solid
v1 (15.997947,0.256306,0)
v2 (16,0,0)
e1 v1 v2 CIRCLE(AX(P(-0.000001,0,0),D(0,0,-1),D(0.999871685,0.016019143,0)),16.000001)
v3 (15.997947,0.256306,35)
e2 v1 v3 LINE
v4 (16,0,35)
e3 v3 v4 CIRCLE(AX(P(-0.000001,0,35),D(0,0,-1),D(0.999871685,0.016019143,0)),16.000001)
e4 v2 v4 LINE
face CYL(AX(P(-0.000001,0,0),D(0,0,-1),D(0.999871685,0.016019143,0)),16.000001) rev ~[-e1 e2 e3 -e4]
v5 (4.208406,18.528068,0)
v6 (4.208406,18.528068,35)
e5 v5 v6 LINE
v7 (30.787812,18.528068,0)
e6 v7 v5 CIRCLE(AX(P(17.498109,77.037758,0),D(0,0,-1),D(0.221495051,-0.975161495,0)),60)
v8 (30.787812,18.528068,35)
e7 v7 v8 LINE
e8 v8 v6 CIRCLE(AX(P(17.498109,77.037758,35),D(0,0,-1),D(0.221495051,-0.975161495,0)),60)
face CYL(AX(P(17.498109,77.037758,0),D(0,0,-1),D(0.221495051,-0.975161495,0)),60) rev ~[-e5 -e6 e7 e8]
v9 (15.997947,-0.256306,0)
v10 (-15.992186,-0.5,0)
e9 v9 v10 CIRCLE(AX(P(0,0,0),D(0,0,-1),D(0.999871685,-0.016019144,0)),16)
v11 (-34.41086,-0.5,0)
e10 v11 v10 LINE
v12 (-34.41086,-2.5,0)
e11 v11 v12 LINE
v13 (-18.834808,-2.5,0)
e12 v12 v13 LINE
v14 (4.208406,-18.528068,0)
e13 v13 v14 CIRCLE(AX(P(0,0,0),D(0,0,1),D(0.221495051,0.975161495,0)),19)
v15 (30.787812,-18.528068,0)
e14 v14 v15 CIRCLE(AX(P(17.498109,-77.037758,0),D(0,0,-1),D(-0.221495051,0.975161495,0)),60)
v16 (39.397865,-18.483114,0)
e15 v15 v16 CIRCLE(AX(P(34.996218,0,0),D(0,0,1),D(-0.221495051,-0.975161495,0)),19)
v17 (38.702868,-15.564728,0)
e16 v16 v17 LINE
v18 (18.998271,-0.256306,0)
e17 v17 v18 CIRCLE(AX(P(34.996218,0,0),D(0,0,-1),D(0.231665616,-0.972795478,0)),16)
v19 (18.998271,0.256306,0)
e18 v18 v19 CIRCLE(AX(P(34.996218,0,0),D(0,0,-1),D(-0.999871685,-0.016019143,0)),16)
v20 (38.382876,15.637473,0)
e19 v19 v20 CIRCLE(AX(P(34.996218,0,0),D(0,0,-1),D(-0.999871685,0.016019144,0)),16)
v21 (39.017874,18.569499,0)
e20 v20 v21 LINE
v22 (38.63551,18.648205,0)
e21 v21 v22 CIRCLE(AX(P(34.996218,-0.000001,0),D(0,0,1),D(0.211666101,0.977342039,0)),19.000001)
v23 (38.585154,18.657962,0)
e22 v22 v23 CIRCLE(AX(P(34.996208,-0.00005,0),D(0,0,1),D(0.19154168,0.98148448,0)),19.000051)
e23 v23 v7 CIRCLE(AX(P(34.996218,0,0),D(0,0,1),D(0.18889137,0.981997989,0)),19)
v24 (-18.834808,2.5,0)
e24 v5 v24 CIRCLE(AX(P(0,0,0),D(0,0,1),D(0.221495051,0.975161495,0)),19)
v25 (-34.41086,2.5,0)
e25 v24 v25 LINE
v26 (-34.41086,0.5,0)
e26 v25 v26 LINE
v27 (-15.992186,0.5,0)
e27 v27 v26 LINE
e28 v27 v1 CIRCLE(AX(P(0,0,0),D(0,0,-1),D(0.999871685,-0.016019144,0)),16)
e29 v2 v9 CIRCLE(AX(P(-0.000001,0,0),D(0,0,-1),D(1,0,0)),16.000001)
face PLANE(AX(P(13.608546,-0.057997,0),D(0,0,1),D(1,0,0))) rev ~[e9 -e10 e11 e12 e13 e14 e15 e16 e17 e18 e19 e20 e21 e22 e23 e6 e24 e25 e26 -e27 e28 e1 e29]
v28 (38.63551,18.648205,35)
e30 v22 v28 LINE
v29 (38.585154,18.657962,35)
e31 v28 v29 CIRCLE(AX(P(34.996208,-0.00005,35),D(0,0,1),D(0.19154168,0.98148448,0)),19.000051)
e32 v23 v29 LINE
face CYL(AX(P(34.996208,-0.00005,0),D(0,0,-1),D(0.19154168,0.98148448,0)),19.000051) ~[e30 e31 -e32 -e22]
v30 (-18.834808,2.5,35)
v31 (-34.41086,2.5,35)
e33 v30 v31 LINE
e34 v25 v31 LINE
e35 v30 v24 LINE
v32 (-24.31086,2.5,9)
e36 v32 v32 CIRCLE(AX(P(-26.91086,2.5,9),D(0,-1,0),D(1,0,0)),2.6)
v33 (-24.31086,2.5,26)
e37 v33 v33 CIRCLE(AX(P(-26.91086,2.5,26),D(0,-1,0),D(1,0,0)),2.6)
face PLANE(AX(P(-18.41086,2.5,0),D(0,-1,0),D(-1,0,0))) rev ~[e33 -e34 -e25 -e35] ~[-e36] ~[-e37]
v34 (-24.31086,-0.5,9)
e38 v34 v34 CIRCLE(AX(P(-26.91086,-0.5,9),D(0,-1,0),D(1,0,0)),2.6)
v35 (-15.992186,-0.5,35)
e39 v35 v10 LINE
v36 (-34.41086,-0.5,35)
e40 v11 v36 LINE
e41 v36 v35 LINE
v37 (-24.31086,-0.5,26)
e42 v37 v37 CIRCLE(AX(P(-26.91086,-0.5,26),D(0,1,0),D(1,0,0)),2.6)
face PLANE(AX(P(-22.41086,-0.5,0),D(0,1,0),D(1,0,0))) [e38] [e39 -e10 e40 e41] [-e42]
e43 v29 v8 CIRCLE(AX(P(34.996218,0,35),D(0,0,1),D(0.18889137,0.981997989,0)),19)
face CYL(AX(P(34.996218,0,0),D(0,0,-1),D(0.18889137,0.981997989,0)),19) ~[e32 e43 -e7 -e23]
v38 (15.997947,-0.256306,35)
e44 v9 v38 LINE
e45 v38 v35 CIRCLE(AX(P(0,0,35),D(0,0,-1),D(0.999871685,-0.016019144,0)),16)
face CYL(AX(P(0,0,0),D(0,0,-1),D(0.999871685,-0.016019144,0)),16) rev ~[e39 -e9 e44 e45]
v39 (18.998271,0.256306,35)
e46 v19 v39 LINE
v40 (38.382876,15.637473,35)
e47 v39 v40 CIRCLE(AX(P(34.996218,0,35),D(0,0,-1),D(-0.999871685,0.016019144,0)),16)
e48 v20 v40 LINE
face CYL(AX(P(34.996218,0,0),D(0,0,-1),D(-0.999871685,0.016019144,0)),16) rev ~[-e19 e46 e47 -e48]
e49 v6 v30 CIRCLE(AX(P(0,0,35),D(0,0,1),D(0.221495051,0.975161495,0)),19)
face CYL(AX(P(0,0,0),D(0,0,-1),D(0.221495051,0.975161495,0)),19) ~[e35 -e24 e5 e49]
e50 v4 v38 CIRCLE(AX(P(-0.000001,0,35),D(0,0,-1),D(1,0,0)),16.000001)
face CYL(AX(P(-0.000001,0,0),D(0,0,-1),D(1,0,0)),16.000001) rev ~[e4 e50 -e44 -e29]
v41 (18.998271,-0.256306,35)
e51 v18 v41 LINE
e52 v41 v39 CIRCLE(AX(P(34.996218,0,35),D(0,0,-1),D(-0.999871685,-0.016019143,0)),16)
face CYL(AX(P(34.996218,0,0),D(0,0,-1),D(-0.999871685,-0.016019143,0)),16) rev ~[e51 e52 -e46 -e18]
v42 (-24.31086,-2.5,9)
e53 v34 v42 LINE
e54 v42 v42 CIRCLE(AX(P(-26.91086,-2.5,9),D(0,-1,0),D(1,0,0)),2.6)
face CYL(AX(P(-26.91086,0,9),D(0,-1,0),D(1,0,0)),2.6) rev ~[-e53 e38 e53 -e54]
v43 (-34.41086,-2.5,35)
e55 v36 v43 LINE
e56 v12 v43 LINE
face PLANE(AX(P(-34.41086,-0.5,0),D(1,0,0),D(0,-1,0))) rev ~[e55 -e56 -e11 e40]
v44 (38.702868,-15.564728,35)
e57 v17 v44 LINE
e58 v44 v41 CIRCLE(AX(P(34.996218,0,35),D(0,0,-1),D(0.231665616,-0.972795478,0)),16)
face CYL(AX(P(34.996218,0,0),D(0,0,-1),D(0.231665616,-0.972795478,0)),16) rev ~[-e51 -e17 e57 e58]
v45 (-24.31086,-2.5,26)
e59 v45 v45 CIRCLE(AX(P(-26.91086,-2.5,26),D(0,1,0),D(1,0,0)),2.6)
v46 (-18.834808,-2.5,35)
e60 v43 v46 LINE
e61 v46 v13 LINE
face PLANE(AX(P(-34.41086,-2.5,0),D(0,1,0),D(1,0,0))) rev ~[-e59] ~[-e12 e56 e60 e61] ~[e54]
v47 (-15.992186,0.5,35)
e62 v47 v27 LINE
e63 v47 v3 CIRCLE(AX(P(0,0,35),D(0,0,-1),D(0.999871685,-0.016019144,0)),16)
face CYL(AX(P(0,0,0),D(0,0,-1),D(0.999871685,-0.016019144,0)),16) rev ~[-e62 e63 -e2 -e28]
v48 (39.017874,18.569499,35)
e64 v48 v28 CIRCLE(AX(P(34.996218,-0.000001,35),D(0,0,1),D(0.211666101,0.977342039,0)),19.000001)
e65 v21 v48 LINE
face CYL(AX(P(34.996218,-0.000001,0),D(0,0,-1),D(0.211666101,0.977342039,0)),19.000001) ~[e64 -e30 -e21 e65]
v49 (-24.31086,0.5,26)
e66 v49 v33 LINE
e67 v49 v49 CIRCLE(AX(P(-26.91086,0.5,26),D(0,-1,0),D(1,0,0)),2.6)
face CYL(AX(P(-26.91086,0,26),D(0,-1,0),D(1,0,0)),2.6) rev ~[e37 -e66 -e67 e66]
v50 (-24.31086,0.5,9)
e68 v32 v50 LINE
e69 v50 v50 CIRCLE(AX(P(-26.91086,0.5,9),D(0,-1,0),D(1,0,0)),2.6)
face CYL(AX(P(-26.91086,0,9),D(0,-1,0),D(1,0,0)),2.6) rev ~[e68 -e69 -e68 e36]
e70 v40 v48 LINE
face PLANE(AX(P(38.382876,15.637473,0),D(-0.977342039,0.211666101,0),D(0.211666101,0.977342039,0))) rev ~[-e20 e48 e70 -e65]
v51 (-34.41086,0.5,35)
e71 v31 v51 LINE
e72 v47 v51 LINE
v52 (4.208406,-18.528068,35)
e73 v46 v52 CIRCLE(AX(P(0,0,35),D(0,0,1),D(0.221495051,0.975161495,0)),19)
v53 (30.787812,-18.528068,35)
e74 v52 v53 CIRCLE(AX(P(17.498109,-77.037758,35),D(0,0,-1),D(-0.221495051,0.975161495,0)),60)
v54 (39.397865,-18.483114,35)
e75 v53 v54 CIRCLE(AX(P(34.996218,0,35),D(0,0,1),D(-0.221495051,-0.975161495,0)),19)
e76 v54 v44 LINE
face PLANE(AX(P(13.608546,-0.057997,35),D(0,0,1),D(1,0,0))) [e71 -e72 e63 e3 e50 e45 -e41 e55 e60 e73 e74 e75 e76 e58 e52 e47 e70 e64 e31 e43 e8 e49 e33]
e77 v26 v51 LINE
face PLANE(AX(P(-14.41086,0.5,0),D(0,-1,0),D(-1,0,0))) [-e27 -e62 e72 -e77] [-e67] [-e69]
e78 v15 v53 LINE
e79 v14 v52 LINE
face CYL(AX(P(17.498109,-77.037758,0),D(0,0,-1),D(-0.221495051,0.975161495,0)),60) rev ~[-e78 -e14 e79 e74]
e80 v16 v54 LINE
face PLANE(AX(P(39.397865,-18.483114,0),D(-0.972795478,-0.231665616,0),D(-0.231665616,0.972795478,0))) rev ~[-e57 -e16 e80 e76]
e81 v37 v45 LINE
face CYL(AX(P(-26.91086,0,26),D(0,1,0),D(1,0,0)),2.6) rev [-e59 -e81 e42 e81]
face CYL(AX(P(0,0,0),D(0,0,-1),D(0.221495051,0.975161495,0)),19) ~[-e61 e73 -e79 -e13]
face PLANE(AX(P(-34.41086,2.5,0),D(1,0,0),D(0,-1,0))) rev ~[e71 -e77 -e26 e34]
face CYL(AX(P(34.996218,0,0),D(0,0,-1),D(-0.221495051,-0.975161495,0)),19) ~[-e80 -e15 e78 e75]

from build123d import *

# Parameters (mm, degrees)
F1_DEPTH = 35
F3_DEPTH = 40
F4_DEPTH = 35
F5_R     = 2.6
F6_DEPTH = 12.5


with BuildPart() as f1:
    # F0 (on Top) → F1 (new body)
    with BuildSketch(Plane.XY):
        with BuildLine():
            ThreePointArc((30.7878121478, 18.5280684134), (17.4981090624, 17.03775814), (4.208405977, 18.5280684134))
            ThreePointArc((4.208405977, 18.5280684134), (-19, 0), (4.208405977, -18.5280684134))
            ThreePointArc((4.208405977, -18.5280684134), (17.4981090624, -17.03775814), (30.7878121478, -18.5280684134))
            ThreePointArc((30.7878121478, -18.5280684134), (35.0954185177, -18.999741032), (39.3978648328, -18.4831140844))
            Line((39.3978648328, -18.4831140844), (38.7028679842, -15.5647276501))
            ThreePointArc((38.7028679842, -15.5647276501), (25.1801121151, -12.6350331541), (18.9982711603, -0.2563062995))
            ThreePointArc((18.9982711603, -0.2563062995), (18.9962181249, 0), (18.9982711603, 0.2563062995))
            ThreePointArc((18.9982711603, 0.2563062995), (25.0510572832, 12.5337055907), (38.3828757407, 15.6374726281))
            Line((38.3828757407, 15.6374726281), (39.0178740437, 18.5694987458))
            ThreePointArc((39.0178740437, 18.5694987458), (38.8268942308, 18.6098339748), (38.6355101254, 18.6482051076))
            ThreePointArc((38.6355101254, 18.6482051076), (38.6103354346, 18.6531004412), (38.585154159, 18.6579617896))
            ThreePointArc((38.585154159, 18.6579617896), (34.6797472339, 18.9973641902), (30.7878121478, 18.5280684134))
        make_face()
        with BuildLine():
            ThreePointArc((15.9979469646, 0.2563062995), (15.9994867329, 0.1281572609), (16, 0))
            ThreePointArc((16, 0), (15.9994867329, -0.1281572609), (15.9979469646, -0.2563062995))
            ThreePointArc((15.9979469646, -0.2563062995), (-16, 0), (15.9979469646, 0.2563062995))
        make_face(mode=Mode.SUBTRACT)
    extrude(amount=F1_DEPTH)

    # F2 (on Top) → F3 (cut)
    with BuildSketch(Plane.XY):
        Polygon((-18.4108596295, -0.5), (-14.4108596295, -0.5), (-14.4108596295, 0.5), (-18.4108596295, 0.5), (-22.4108596295, 0.5), (-22.4108596295, -0.5), align=None)
    extrude(amount=F3_DEPTH, mode=Mode.SUBTRACT)

    # F2 (on Top) → F4 (join)
    with BuildSketch(Plane.XY):
        Polygon((-22.4108596295, 0.5), (-18.4108596295, 0.5), (-18.4108596295, 2.5), (-34.4108596295, 2.5), (-34.4108596295, 0.5), align=None)
        Polygon((-18.4108596295, -2.5), (-18.4108596295, -0.5), (-22.4108596295, -0.5), (-34.4108596295, -0.5), (-34.4108596295, -2.5), align=None)
    extrude(amount=F4_DEPTH)

    # F5 (on Front) → F6 (cut, symmetric)
    with BuildSketch(Plane.XZ):
        with Locations((-26.9108596295, 26)):
            Circle(F5_R)
        with Locations((-26.9108596295, 9)):
            Circle(F5_R)
    extrude(amount=F6_DEPTH, both=True, mode=Mode.SUBTRACT)


solid = f1.part
